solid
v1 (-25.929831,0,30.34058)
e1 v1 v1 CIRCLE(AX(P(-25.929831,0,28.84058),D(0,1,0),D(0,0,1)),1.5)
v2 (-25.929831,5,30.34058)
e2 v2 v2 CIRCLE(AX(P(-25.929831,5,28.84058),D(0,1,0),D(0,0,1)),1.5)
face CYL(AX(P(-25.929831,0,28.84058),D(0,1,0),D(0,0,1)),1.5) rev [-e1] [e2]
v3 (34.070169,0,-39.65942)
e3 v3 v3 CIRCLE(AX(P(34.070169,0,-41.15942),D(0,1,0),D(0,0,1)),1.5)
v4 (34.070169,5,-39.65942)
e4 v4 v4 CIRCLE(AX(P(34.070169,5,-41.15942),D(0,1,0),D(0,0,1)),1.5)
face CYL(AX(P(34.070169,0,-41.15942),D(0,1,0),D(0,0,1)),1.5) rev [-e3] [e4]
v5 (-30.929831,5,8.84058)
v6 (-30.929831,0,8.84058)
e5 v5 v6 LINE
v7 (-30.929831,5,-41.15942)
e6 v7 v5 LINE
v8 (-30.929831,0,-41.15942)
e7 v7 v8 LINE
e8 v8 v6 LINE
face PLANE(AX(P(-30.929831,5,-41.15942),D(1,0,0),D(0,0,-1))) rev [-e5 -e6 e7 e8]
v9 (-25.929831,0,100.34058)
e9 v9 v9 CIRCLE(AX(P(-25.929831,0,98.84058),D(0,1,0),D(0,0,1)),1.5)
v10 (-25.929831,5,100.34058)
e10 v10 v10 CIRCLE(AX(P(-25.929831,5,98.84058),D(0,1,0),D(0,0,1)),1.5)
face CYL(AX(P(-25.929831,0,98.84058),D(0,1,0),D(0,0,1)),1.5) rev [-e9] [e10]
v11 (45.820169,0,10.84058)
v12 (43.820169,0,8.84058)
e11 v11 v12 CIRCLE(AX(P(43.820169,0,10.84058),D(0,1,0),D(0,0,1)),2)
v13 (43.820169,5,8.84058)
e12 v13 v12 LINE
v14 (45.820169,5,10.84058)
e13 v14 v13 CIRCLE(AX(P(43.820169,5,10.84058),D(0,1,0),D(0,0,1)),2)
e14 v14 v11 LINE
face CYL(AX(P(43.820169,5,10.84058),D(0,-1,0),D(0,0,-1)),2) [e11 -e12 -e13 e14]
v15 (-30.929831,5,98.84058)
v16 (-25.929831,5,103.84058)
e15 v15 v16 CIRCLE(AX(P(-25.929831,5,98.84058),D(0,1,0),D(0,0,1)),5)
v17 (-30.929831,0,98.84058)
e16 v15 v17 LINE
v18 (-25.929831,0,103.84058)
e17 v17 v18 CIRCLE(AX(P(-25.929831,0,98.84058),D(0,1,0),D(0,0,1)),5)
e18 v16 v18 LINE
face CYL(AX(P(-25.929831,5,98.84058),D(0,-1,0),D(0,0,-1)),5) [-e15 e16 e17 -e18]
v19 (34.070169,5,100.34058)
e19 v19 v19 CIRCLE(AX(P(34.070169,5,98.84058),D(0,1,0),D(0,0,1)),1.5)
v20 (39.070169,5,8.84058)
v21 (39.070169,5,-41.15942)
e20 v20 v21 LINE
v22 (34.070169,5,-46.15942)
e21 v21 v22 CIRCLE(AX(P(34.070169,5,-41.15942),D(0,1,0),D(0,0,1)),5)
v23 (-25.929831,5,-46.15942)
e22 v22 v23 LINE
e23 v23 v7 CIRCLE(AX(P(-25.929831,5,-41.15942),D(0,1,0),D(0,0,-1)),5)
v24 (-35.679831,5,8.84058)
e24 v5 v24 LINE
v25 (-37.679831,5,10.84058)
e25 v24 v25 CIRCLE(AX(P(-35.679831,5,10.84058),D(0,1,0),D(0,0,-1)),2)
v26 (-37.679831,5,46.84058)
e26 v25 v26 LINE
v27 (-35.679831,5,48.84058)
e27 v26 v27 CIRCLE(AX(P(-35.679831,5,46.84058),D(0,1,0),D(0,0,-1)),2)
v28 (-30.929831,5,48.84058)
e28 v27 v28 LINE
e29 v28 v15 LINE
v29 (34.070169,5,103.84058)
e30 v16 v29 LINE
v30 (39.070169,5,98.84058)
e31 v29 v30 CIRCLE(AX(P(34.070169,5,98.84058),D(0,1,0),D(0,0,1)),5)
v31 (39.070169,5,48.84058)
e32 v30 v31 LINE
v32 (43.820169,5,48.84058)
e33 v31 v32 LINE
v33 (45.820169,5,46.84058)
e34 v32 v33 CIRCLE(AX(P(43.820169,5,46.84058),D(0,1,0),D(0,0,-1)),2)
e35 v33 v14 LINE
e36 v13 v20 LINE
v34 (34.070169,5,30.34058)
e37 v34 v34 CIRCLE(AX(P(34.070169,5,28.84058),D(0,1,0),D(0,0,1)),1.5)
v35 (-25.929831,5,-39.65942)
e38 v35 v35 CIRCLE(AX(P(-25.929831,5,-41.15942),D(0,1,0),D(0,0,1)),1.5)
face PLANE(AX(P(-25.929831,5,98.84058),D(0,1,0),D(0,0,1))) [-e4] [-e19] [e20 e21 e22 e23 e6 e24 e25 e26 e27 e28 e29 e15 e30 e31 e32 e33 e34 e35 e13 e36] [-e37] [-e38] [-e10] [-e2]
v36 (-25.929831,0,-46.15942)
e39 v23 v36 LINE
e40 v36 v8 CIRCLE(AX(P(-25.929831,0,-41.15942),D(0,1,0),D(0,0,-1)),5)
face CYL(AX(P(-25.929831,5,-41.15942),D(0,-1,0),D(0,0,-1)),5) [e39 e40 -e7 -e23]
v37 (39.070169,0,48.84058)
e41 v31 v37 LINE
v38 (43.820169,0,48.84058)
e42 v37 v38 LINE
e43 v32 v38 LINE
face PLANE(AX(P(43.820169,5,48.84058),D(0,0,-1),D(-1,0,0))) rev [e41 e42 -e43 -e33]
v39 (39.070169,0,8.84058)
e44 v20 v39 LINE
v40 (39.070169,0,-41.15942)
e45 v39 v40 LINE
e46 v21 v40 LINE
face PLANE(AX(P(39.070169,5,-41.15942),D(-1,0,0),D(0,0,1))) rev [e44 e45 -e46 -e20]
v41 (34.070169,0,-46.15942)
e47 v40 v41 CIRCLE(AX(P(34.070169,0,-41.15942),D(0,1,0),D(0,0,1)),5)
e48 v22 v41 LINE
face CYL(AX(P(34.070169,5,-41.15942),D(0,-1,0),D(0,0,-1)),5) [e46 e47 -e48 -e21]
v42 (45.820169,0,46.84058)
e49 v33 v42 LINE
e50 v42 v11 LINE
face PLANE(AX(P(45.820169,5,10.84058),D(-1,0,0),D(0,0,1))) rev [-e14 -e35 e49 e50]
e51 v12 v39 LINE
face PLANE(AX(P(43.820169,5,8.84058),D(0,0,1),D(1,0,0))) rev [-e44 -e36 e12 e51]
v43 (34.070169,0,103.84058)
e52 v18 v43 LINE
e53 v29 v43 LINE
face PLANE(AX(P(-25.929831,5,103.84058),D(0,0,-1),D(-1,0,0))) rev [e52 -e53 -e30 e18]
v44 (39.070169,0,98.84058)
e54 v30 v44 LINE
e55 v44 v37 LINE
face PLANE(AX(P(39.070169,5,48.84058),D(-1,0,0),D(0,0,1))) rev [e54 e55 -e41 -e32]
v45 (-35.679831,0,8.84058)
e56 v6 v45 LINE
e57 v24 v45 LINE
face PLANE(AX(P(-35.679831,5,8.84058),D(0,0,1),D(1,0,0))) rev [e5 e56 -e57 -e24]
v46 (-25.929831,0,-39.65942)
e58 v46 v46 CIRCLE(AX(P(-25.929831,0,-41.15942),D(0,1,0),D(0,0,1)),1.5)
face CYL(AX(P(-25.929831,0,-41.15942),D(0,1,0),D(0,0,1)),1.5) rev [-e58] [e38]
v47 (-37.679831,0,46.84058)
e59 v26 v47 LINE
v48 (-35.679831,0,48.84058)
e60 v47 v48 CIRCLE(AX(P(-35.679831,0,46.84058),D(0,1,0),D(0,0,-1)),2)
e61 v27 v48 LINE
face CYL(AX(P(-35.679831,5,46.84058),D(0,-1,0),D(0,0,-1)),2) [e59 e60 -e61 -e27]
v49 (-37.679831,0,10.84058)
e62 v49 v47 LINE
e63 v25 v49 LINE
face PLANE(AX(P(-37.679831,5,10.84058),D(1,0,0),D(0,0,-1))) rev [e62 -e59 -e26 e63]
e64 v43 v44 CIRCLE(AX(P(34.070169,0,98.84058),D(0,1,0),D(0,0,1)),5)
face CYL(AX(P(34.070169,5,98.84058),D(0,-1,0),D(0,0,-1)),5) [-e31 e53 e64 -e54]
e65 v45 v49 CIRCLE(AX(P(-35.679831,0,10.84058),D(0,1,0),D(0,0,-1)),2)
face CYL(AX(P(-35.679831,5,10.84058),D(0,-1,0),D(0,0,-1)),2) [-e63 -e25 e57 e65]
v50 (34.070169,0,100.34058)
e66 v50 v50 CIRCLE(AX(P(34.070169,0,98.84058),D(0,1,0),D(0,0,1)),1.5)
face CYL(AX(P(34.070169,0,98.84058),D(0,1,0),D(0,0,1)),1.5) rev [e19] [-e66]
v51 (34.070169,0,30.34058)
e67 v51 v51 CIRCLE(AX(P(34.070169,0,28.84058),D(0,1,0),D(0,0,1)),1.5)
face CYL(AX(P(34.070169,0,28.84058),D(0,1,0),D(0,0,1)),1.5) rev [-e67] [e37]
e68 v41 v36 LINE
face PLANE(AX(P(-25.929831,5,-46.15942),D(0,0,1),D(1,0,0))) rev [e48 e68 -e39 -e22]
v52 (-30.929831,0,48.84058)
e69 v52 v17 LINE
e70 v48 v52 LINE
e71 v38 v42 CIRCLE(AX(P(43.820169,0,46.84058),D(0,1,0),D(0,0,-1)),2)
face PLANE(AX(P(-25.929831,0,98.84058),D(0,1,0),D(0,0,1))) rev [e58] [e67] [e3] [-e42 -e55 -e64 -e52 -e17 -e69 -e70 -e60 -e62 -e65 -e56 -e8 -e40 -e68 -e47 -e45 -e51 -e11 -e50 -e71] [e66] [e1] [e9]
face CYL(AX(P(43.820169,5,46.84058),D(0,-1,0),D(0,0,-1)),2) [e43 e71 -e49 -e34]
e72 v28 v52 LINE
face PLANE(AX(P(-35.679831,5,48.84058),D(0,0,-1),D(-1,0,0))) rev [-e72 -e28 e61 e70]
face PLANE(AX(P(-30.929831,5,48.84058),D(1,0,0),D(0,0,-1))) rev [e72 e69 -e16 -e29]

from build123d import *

# Parameters (mm, degrees)
EXTRUDE_1_DEPTH     = 5
SKETCH_3_R          = 1.5
CUT_EXTRUDE_1_DEPTH = 114.61053585


with BuildPart() as part:
    # 草图1 → 凸台-拉伸1 (new body)
    with BuildSketch(Plane(origin=(0, 0, 0), x_dir=(1, 0, 0), z_dir=(0, 1, 0))):
        with BuildLine():
            Line((-25.929831279, 46.15942029), (34.070168721, 46.15942029))
            ThreePointArc((34.070168721, 46.15942029), (37.605702627, 44.694954196), (39.070168721, 41.15942029))
            Line((39.070168721, 41.15942029), (39.070168721, -8.84057971))
            Line((39.070168721, -8.84057971), (43.820168721, -8.84057971))
            ThreePointArc((43.820168721, -8.84057971), (45.234382283, -9.426366148), (45.820168721, -10.84057971))
            Line((45.820168721, -10.84057971), (45.820168721, -46.84057971))
            ThreePointArc((45.820168721, -46.84057971), (45.234382283, -48.254793273), (43.820168721, -48.84057971))
            Line((43.820168721, -48.84057971), (39.070168721, -48.84057971))
            Line((39.070168721, -48.84057971), (39.070168721, -98.84057971))
            ThreePointArc((39.070168721, -98.84057971), (37.605702627, -102.376113616), (34.070168721, -103.84057971))
            Line((34.070168721, -103.84057971), (-25.929831279, -103.84057971))
            ThreePointArc((-25.929831279, -103.84057971), (-29.465365185, -102.376113616), (-30.929831279, -98.84057971))
            Line((-30.929831279, -98.84057971), (-30.929831279, -48.84057971))
            Line((-30.929831279, -48.84057971), (-35.679831279, -48.84057971))
            ThreePointArc((-35.679831279, -48.84057971), (-37.094044841, -48.254793273), (-37.679831279, -46.84057971))
            Line((-37.679831279, -46.84057971), (-37.679831279, -10.84057971))
            ThreePointArc((-37.679831279, -10.84057971), (-37.094044841, -9.426366148), (-35.679831279, -8.84057971))
            Line((-35.679831279, -8.84057971), (-30.929831279, -8.84057971))
            Line((-30.929831279, -8.84057971), (-30.929831279, 41.15942029))
            ThreePointArc((-30.929831279, 41.15942029), (-29.465365185, 44.694954196), (-25.929831279, 46.15942029))
        make_face()
    extrude(amount=EXTRUDE_1_DEPTH)

    # 草图3 → 切除-拉伸1 (cut, through all)
    with BuildSketch(Plane(origin=(0, 5, 0), x_dir=(1, 0, 0), z_dir=(0, 1, 0))):
        with Locations(Location((34.070168721, 41.15942029, 0), (0, 0, 270))):
            Circle(SKETCH_3_R)
        with Locations(Location((-25.929831279, 41.15942029, 0), (0, 0, 270))):
            Circle(SKETCH_3_R)
        with Locations(Location((-25.929831279, -98.84057971, 0), (0, 0, 270))):
            Circle(SKETCH_3_R)
        with Locations(Location((34.070168721, -98.84057971, 0), (0, 0, 270))):
            Circle(SKETCH_3_R)
        with Locations(Location((34.070168721, -28.84057971, 0), (0, 0, 270))):
            Circle(SKETCH_3_R)
        with Locations(Location((-25.929831279, -28.84057971, 0), (0, 0, 270))):
            Circle(SKETCH_3_R)
    extrude(amount=-CUT_EXTRUDE_1_DEPTH, mode=Mode.SUBTRACT)


solid = part.part
